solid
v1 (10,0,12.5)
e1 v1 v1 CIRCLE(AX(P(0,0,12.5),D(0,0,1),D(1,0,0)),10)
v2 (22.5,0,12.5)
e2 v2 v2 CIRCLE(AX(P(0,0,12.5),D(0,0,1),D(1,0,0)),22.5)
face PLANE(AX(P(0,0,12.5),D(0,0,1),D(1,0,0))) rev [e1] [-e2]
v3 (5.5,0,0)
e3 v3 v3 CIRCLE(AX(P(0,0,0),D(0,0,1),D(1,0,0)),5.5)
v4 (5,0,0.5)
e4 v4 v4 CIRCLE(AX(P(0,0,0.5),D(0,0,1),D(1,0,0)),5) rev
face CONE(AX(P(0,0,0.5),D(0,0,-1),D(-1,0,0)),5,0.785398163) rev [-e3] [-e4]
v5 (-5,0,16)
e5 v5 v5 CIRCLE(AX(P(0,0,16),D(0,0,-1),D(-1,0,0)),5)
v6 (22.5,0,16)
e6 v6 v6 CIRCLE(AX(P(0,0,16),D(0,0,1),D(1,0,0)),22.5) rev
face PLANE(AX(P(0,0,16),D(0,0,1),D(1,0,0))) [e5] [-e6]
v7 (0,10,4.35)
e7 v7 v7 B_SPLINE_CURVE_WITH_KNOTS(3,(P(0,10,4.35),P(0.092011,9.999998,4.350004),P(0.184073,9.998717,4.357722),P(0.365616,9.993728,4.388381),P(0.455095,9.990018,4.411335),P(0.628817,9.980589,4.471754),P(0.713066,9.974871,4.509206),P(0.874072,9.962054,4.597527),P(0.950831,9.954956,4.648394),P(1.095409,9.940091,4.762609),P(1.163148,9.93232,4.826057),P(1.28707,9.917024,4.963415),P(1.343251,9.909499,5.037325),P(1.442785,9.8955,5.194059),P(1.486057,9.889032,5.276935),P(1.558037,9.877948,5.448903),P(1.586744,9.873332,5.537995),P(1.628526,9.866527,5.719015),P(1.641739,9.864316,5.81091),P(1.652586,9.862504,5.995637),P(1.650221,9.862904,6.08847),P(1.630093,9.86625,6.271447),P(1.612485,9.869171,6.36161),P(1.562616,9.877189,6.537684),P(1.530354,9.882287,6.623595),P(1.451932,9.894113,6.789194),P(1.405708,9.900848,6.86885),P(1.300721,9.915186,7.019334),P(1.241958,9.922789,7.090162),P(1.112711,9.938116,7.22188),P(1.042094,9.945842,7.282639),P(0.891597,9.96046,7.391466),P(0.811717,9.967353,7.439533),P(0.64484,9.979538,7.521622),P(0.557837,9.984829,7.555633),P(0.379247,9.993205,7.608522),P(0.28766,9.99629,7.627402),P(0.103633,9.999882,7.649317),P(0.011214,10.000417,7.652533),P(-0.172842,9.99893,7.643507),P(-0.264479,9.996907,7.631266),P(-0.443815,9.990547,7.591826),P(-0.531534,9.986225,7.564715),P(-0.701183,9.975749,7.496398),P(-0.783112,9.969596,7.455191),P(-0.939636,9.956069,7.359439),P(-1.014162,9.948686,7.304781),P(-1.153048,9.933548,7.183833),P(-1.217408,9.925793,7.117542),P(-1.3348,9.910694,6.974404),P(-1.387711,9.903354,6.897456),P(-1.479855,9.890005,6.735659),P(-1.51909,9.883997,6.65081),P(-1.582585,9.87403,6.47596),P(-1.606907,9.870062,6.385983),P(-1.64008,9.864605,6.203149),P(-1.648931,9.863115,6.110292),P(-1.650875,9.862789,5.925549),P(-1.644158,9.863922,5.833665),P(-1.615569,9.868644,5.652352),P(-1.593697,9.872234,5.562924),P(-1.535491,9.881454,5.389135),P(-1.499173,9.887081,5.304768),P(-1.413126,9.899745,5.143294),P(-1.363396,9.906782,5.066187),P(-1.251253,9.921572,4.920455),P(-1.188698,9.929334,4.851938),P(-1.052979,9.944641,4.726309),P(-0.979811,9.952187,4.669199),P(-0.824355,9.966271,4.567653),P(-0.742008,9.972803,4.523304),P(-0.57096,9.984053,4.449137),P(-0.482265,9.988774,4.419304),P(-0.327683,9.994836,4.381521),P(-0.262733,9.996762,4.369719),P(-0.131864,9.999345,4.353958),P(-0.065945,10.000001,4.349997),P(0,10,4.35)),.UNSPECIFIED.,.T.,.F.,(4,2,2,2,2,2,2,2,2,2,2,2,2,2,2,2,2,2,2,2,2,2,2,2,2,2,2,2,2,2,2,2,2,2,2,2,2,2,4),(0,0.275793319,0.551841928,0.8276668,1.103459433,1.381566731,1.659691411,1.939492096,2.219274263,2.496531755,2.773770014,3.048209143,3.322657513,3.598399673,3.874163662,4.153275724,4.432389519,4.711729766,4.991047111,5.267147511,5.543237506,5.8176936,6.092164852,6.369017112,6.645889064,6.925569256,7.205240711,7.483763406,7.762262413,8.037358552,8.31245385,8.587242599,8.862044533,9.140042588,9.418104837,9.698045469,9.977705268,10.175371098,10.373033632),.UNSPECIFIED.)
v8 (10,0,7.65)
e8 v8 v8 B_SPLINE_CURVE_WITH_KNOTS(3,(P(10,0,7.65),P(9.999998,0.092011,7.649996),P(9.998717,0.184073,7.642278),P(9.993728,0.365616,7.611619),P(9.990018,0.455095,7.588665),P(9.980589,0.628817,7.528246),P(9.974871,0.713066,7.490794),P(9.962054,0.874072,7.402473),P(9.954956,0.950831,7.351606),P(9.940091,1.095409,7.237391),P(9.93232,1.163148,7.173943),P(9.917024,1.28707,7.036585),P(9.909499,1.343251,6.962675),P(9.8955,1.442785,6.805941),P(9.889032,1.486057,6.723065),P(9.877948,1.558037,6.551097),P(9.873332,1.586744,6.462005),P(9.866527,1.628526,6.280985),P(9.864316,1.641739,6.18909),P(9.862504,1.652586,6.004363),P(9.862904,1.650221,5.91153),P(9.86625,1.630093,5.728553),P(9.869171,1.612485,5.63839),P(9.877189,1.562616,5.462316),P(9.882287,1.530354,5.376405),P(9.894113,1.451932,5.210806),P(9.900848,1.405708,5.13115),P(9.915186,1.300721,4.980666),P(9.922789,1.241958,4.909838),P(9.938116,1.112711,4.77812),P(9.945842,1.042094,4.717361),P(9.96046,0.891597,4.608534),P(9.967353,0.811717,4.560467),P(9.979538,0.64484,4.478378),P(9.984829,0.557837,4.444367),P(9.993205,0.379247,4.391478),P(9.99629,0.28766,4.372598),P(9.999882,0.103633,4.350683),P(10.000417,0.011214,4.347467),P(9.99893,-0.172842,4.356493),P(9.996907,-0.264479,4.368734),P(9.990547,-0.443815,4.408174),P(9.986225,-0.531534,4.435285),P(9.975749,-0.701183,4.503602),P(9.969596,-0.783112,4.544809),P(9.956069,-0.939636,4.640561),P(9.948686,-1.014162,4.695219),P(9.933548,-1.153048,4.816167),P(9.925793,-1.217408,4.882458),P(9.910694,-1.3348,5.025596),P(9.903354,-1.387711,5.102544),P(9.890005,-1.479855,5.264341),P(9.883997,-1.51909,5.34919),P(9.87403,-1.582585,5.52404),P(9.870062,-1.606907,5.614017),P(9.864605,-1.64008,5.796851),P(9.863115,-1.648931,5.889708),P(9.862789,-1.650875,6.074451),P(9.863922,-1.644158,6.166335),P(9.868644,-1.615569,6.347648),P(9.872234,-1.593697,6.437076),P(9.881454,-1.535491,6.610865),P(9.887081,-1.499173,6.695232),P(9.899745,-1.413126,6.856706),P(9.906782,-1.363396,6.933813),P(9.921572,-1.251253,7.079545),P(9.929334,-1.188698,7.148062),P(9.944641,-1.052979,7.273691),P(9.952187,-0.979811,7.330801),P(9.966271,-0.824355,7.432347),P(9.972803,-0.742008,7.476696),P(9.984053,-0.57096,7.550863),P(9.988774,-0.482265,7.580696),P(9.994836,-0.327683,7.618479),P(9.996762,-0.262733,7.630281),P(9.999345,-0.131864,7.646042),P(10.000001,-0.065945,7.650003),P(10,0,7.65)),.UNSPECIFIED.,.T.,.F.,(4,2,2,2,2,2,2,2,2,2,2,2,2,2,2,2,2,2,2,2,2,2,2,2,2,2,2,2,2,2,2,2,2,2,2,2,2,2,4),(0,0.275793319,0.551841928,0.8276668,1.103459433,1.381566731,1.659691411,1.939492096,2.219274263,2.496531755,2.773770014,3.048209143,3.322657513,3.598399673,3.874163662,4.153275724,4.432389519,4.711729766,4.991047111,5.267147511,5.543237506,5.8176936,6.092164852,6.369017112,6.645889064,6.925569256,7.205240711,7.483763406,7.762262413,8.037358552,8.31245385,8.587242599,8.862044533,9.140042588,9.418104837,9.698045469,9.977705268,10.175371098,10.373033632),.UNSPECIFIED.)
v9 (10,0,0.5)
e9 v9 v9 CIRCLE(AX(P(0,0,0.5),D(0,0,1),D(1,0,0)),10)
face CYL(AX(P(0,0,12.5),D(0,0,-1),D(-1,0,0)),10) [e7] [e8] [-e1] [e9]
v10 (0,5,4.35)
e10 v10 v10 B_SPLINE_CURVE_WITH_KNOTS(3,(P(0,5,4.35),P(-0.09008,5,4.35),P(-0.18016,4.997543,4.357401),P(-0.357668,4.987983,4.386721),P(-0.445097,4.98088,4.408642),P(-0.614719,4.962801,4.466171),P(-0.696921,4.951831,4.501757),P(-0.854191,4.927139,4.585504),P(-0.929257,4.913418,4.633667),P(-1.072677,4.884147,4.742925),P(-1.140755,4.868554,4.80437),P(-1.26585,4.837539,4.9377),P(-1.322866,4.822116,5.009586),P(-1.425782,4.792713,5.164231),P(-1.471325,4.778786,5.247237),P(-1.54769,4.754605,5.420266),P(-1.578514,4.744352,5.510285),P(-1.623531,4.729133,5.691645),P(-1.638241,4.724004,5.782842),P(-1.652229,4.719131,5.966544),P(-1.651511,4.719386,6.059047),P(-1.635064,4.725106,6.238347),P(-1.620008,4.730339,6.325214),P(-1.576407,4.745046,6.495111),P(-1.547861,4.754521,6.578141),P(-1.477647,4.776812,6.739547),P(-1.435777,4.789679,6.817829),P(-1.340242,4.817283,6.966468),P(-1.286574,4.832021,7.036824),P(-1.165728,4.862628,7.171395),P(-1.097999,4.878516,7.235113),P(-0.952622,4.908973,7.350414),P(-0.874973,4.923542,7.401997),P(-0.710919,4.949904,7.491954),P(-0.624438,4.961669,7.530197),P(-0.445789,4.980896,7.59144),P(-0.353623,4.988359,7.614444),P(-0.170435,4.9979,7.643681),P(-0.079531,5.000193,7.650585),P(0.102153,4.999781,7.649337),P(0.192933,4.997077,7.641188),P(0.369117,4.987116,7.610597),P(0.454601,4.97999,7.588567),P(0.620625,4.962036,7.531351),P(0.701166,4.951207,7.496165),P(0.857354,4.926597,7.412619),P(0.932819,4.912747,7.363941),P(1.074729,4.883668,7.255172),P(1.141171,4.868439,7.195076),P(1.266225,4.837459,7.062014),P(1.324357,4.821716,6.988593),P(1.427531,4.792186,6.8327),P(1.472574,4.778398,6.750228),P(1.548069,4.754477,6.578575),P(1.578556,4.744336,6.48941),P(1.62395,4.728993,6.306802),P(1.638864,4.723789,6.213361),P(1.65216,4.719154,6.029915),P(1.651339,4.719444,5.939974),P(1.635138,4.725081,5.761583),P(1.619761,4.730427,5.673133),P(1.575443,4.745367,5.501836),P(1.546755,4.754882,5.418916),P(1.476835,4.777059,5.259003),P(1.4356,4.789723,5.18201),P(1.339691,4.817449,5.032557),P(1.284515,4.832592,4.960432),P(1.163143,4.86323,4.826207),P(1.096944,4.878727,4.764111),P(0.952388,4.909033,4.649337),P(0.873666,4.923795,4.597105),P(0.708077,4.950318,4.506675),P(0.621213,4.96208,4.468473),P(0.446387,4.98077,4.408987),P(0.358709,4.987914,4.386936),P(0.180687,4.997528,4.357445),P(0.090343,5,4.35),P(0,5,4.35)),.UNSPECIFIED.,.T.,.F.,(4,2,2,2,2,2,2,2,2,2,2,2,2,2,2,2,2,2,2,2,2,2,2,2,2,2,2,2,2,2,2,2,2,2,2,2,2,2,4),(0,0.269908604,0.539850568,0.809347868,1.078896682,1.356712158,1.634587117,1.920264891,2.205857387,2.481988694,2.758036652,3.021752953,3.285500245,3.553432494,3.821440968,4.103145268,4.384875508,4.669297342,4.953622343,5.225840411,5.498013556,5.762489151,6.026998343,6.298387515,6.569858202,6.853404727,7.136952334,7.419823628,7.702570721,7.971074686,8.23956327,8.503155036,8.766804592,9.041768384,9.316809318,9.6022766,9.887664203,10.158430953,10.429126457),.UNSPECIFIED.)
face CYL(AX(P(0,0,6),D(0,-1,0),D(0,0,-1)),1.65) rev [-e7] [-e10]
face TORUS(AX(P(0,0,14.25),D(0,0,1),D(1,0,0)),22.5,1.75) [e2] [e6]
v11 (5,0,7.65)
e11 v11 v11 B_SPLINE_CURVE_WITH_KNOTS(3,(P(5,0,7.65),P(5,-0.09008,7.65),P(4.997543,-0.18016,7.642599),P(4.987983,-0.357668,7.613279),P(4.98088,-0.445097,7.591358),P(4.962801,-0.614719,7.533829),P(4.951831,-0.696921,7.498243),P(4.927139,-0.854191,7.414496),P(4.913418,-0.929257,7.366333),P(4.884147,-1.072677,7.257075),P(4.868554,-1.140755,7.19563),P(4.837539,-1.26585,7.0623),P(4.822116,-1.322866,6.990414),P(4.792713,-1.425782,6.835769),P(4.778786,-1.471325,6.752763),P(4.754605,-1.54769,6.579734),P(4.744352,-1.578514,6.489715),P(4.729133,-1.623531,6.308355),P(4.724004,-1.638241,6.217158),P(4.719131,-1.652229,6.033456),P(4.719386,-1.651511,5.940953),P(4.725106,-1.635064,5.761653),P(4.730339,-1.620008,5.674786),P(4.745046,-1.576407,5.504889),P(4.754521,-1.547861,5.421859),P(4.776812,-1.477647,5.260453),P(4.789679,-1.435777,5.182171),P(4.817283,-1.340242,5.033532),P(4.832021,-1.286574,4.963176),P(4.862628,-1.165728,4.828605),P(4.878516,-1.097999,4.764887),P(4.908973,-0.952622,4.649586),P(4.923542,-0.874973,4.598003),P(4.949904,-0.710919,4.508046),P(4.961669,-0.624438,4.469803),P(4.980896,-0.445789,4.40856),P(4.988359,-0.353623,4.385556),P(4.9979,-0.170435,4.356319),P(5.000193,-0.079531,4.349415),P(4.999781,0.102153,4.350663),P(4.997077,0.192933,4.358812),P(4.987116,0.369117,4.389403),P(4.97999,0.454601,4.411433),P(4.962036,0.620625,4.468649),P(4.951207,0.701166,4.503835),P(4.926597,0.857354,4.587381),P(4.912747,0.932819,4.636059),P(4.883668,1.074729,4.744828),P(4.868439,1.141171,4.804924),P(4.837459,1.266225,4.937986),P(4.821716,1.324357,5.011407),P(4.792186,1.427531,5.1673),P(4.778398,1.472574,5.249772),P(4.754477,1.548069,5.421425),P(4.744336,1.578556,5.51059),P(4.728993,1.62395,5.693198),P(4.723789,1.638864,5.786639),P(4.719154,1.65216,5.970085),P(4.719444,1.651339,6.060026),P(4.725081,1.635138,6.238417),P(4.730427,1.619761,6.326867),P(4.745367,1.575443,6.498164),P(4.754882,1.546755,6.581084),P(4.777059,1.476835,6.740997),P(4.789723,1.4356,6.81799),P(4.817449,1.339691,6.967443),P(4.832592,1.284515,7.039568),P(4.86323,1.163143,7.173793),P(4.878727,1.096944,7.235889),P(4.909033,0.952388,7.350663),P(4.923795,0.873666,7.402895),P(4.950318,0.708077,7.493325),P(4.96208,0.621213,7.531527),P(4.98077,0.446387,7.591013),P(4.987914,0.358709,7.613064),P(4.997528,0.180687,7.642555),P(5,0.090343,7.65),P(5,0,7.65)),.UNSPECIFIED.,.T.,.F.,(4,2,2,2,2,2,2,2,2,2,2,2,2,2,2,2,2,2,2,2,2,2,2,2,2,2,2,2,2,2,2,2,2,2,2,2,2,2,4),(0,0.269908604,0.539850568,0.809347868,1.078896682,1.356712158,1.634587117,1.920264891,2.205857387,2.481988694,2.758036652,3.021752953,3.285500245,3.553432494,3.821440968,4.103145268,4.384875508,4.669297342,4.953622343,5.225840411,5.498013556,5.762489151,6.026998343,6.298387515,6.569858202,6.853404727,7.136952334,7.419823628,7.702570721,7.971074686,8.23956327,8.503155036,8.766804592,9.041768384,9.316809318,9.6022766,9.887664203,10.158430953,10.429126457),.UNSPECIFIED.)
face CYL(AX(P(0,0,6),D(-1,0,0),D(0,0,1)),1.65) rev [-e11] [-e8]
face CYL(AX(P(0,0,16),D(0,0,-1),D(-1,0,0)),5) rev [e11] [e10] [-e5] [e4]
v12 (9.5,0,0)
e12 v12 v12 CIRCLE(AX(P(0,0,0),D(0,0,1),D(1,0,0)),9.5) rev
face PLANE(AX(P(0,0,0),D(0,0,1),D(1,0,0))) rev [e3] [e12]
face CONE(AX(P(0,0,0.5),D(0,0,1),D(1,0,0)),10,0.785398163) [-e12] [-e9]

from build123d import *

# Parameters (mm, degrees)
SKETCH_1_R               = 10
EXTRUDE_1_DEPTH          = 12.5
SKETCH_2_R               = 22.5
EXTRUDE_2_DEPTH          = 3.5
SKETCH_4_R               = 5
CUT_EXTRUDE_3_DEPTH      = 36.616007637
SKETCH_5_W               = 1.65
SKETCH_5_H               = 24.25
CHAMFER_2_SIZE           = 0.5
SKETCH_3_R               = 1.75
PATTERN_CIRCULAR_1_COUNT = 2
PATTERN_CIRCULAR_1_ANGLE = 90


with BuildPart() as part:
    # 草图1 → 拉伸1 (new body)
    with BuildSketch(Plane.XY):
        Circle(SKETCH_1_R)
    extrude(amount=EXTRUDE_1_DEPTH)

    # 草图2 → 拉伸2 (add)
    with BuildSketch(Plane.XY.offset(12.5)):
        Circle(SKETCH_2_R)
    extrude(amount=EXTRUDE_2_DEPTH)

    # 草图4 → 拉伸3 (cut, through all)
    with BuildSketch(Plane(origin=(0, 0, 0), x_dir=(-1, 0, 0), z_dir=(0, 0, -1))):
        Circle(SKETCH_4_R)
    extrude(amount=-CUT_EXTRUDE_3_DEPTH, mode=Mode.SUBTRACT)

    # 草图5 → M4 螺纹孔1 (revolve, cut)
    with BuildSketch(Plane(origin=(0, 0, 6), x_dir=(0, 0, -1), z_dir=(1, 0, 0))):
        with Locations((0.825, 12.125)):
            Rectangle(SKETCH_5_W, SKETCH_5_H)
    hole_wizard_m4_1 = revolve(axis=Axis((0, -6.35, 6), (0, 1, 0)), mode=Mode.SUBTRACT)

    # 倒角2
    chamfer_2_edges = [part.edges().sort_by_distance(p)[0] for p in [
        (5, 0, 0),
        (-10, 0, 0),
    ]]
    chamfer(chamfer_2_edges, length=CHAMFER_2_SIZE)

    # 草图3 → 旋转1 (revolve)
    with BuildSketch(Plane(origin=(0, 0, 0), x_dir=(1, 0, 0), z_dir=(0, 1, 0)), mode=Mode.PRIVATE) as revolve_1_sk:
        with Locations((-22.5, -14.25)):
            Circle(SKETCH_3_R)
    revolve(revolve_1_sk.sketch.rotate(Axis((0, 0, 12.5), (0, 0, -1)), 180), axis=Axis((0, 0, 12.5), (0, 0, -1)))

    # 阵列(圆周)1: M4 螺纹孔1 ×2 about axis
    pattern_circular_1_axis = Axis((0, 0, 12.5), (0, 0, -1))
    for i in range(1, PATTERN_CIRCULAR_1_COUNT):
        add(hole_wizard_m4_1.rotate(pattern_circular_1_axis, i * PATTERN_CIRCULAR_1_ANGLE / (PATTERN_CIRCULAR_1_COUNT - 1)), mode=Mode.SUBTRACT)


solid = part.part
